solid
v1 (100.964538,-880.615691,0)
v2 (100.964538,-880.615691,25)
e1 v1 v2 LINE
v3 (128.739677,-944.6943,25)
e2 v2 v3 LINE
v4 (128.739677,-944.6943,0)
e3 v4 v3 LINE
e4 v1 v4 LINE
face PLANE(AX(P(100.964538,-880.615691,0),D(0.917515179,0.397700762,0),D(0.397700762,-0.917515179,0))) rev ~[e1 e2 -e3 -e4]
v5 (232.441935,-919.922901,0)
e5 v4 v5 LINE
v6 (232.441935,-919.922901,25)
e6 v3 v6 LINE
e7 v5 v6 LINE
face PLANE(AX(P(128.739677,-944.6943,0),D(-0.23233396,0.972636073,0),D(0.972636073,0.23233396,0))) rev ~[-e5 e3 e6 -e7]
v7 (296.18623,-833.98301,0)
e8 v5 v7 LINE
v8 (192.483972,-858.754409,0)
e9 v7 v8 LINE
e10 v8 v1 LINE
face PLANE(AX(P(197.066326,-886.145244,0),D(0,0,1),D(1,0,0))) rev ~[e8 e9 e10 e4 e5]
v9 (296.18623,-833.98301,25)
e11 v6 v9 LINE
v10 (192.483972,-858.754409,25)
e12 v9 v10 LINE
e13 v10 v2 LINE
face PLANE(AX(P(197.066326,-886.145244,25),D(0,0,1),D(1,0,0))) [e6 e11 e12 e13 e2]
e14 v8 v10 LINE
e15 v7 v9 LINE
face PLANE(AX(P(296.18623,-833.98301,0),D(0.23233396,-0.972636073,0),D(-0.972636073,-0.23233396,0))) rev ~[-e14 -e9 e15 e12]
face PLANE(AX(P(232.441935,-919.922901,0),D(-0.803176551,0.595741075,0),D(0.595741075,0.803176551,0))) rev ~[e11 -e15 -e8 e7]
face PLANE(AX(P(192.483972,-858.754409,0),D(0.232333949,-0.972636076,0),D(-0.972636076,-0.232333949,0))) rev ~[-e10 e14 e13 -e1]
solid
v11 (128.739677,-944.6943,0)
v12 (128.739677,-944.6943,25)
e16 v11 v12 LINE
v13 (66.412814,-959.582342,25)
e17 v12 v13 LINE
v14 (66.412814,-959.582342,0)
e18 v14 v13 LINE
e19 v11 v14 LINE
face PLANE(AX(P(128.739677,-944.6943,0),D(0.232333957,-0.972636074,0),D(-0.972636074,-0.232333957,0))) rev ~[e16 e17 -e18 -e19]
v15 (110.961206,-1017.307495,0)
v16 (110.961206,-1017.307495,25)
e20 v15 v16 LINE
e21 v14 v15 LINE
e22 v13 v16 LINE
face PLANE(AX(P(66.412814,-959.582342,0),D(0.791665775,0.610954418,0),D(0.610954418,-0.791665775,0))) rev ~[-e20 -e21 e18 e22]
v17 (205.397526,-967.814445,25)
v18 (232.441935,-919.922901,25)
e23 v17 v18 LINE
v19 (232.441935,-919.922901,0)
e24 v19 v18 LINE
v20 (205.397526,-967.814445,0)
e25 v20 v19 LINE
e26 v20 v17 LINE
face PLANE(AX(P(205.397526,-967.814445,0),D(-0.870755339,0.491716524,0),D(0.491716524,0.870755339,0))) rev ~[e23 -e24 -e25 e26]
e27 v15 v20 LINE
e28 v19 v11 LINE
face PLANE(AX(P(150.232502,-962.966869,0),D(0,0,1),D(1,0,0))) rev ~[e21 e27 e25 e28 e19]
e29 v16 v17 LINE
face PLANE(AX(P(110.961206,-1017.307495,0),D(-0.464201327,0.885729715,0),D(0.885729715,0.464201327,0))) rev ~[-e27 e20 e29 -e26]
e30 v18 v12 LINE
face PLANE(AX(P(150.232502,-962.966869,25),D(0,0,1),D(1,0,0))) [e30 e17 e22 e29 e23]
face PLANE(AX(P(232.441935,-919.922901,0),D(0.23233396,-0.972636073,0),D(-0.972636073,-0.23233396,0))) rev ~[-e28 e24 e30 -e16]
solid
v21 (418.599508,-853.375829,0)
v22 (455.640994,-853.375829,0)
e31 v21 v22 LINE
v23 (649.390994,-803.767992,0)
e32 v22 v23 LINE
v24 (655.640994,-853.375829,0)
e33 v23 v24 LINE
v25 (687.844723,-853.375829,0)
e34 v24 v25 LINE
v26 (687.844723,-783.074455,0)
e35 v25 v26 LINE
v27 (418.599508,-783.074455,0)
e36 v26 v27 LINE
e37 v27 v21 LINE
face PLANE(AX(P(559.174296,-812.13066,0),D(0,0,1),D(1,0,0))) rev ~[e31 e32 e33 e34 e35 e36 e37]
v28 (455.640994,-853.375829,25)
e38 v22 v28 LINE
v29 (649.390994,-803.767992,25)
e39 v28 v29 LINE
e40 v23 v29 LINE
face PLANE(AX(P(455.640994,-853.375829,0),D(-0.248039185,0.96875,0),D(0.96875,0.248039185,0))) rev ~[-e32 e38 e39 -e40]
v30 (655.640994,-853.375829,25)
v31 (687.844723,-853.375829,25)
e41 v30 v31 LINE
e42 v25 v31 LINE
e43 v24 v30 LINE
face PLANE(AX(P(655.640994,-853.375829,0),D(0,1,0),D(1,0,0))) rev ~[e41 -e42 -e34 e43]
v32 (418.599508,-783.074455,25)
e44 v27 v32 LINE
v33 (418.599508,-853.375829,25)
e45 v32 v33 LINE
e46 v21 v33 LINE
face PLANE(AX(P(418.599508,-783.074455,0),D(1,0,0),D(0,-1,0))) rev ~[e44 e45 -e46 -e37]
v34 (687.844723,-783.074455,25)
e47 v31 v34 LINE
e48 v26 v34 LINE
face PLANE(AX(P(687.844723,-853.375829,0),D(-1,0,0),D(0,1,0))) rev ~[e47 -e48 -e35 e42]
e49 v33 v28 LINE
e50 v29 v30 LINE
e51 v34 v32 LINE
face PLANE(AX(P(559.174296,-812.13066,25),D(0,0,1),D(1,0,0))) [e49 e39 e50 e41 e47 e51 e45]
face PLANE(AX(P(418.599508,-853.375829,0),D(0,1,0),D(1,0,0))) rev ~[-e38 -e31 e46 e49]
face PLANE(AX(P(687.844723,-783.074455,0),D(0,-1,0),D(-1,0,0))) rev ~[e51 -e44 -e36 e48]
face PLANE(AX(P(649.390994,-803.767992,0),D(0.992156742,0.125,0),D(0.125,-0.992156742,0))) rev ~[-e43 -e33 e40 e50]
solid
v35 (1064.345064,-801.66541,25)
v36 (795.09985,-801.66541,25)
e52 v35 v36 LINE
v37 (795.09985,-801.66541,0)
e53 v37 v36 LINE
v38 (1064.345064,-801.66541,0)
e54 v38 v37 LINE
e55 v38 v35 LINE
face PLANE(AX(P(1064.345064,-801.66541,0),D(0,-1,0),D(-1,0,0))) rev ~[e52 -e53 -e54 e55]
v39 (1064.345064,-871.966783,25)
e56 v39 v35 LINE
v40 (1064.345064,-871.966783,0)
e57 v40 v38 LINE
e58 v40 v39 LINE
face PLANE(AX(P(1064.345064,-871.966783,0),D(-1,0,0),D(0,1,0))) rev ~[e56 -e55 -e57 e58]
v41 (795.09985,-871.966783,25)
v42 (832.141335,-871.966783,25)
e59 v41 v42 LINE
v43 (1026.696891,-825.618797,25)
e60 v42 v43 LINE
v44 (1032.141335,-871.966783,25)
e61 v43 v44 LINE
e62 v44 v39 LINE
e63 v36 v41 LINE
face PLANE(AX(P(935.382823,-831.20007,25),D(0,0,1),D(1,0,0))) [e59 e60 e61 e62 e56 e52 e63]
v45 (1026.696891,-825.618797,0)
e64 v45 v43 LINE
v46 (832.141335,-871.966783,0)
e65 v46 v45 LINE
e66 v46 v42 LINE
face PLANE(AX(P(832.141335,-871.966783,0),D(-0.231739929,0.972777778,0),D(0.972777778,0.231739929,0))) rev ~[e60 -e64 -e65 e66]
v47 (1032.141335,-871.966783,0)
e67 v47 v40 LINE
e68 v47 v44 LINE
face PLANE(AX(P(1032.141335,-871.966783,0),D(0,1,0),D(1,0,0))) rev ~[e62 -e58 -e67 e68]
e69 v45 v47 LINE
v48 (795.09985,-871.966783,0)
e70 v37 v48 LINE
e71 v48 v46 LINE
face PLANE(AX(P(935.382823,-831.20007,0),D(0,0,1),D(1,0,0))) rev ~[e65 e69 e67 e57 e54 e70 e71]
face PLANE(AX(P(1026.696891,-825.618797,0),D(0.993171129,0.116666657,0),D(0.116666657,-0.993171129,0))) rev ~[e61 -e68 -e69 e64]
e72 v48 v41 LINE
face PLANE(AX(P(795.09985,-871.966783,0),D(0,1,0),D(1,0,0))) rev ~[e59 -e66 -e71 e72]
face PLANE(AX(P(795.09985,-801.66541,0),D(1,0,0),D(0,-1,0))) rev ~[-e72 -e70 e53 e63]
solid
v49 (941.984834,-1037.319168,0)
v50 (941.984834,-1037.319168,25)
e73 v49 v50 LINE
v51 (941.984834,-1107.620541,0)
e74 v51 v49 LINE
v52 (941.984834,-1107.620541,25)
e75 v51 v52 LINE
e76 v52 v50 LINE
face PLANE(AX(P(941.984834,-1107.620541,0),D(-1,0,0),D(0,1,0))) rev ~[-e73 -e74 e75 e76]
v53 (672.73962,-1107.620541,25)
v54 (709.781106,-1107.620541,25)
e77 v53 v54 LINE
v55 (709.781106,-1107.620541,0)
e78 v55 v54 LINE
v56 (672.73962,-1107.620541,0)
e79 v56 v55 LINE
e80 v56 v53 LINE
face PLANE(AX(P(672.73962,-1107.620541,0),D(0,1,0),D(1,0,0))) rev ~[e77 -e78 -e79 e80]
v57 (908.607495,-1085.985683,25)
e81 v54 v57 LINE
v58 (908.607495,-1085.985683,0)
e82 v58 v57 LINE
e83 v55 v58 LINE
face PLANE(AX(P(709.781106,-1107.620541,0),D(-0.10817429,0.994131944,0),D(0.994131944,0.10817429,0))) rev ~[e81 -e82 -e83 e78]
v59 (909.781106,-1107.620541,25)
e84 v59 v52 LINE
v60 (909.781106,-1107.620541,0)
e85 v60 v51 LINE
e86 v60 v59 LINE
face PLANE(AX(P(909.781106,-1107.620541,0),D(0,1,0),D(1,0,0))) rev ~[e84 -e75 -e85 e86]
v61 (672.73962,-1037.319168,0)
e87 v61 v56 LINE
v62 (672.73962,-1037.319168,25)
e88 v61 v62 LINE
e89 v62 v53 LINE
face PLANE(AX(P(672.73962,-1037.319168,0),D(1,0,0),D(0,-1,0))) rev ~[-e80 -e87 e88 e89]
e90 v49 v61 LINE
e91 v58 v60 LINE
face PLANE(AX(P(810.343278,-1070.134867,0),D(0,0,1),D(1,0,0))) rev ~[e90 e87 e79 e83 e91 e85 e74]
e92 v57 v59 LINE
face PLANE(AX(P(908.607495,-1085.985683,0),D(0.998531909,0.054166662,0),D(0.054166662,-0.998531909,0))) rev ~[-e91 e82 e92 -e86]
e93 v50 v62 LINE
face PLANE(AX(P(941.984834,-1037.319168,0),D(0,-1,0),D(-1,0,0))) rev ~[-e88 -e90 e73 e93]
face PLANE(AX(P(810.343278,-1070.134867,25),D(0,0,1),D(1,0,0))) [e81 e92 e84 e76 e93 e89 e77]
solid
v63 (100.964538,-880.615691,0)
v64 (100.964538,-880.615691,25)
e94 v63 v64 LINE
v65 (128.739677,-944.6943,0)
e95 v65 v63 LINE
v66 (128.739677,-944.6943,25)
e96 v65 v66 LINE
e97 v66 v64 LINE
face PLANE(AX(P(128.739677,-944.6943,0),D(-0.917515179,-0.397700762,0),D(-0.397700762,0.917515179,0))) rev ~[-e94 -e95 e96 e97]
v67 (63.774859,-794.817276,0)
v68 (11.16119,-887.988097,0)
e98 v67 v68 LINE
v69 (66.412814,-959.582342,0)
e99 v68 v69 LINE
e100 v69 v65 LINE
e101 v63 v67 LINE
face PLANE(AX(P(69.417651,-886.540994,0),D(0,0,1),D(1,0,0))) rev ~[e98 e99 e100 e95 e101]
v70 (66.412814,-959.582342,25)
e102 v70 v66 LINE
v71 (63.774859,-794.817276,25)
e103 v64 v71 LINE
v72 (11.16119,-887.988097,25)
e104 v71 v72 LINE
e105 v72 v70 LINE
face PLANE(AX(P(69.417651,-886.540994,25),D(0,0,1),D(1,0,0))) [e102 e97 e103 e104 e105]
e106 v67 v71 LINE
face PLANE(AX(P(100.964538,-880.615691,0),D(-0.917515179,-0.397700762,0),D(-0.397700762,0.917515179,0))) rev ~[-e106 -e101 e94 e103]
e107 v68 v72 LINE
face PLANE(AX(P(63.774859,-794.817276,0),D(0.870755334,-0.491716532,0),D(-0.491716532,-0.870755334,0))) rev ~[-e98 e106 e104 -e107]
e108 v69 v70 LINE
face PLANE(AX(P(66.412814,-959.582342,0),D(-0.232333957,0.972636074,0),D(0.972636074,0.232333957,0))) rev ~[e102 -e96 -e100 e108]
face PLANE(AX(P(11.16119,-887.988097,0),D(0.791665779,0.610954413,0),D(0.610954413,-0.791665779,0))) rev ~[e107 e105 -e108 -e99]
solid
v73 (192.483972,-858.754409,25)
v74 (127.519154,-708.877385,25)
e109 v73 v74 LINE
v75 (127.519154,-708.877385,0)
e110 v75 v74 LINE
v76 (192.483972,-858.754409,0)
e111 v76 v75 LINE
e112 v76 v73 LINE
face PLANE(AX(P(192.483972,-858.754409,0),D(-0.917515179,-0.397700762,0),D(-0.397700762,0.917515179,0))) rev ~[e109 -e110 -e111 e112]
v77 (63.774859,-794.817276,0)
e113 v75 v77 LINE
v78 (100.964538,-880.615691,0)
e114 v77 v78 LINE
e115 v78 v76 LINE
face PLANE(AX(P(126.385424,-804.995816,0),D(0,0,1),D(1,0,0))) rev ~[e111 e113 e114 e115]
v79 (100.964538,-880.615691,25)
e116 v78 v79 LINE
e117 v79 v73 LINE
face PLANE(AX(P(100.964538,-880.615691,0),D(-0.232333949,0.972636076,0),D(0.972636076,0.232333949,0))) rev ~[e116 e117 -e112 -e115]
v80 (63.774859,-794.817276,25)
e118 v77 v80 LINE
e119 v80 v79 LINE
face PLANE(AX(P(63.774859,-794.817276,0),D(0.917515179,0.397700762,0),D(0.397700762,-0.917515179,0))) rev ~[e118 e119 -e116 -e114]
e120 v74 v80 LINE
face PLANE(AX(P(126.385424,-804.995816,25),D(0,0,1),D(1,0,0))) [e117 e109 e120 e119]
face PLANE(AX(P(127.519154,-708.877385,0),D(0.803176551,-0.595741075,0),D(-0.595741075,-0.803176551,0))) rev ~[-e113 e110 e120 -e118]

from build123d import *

# Parameters (mm, degrees)
F3_DEPTH = 25
F4_DEPTH = 25
F5_DEPTH = 25
F6_DEPTH = 25
F7_DEPTH = 25
F8_DEPTH = 25
F9_DEPTH = 25


with BuildPart() as f3:
    # F2 (on Top) → F3 (new body)
    with BuildSketch(Plane.XY):
        Polygon((418.599508, -853.375829), (455.640994, -853.375829), (649.390994, -803.767992), (655.640994, -853.375829), (687.844723, -853.375829), (687.844723, -783.074455), (418.599508, -783.074455), align=None)
    extrude(amount=F3_DEPTH)


with BuildPart() as f4:
    # F2 (on Top) → F4 (new body)
    with BuildSketch(Plane.XY):
        Polygon((795.09985, -871.966783), (832.141335, -871.966783), (1026.696891, -825.618797), (1032.141335, -871.966783), (1064.345064, -871.966783), (1064.345064, -801.66541), (795.09985, -801.66541), align=None)
    extrude(amount=F4_DEPTH)


with BuildPart() as f5:
    # F2 (on Top) → F5 (new body)
    with BuildSketch(Plane.XY):
        Polygon((672.73962, -1107.620541), (709.781106, -1107.620541), (908.607495, -1085.985683), (909.781106, -1107.620541), (941.984834, -1107.620541), (941.984834, -1037.319168), (672.73962, -1037.319168), align=None)
    extrude(amount=F5_DEPTH)


with BuildPart() as f6:
    # F1 (on Top) → F6 (new body)
    with BuildSketch(Plane.XY):
        Polygon((100.964538, -880.615691), (192.483972, -858.754409), (127.519154, -708.877385), (63.774859, -794.817276), align=None)
    extrude(amount=F6_DEPTH)


with BuildPart() as f7:
    # F1 (on Top) → F7 (new body)
    with BuildSketch(Plane.XY):
        Polygon((232.441935, -919.922901), (296.18623, -833.98301), (192.483972, -858.754409), (100.964538, -880.615691), (128.739677, -944.6943), align=None)
    extrude(amount=F7_DEPTH)


with BuildPart() as f8:
    # F1 (on Top) → F8 (new body)
    with BuildSketch(Plane.XY):
        Polygon((128.739677, -944.6943), (100.964538, -880.615691), (63.774859, -794.817276), (11.16119, -887.988097), (66.412814, -959.582342), align=None)
    extrude(amount=F8_DEPTH)


with BuildPart() as f9:
    # F1 (on Top) → F9 (new body)
    with BuildSketch(Plane.XY):
        Polygon((205.397526, -967.814445), (232.441935, -919.922901), (128.739677, -944.6943), (66.412814, -959.582342), (110.961206, -1017.307495), align=None)
    extrude(amount=F9_DEPTH)


solid = Compound([f3.part, f4.part, f5.part, f6.part, f7.part, f8.part, f9.part])
